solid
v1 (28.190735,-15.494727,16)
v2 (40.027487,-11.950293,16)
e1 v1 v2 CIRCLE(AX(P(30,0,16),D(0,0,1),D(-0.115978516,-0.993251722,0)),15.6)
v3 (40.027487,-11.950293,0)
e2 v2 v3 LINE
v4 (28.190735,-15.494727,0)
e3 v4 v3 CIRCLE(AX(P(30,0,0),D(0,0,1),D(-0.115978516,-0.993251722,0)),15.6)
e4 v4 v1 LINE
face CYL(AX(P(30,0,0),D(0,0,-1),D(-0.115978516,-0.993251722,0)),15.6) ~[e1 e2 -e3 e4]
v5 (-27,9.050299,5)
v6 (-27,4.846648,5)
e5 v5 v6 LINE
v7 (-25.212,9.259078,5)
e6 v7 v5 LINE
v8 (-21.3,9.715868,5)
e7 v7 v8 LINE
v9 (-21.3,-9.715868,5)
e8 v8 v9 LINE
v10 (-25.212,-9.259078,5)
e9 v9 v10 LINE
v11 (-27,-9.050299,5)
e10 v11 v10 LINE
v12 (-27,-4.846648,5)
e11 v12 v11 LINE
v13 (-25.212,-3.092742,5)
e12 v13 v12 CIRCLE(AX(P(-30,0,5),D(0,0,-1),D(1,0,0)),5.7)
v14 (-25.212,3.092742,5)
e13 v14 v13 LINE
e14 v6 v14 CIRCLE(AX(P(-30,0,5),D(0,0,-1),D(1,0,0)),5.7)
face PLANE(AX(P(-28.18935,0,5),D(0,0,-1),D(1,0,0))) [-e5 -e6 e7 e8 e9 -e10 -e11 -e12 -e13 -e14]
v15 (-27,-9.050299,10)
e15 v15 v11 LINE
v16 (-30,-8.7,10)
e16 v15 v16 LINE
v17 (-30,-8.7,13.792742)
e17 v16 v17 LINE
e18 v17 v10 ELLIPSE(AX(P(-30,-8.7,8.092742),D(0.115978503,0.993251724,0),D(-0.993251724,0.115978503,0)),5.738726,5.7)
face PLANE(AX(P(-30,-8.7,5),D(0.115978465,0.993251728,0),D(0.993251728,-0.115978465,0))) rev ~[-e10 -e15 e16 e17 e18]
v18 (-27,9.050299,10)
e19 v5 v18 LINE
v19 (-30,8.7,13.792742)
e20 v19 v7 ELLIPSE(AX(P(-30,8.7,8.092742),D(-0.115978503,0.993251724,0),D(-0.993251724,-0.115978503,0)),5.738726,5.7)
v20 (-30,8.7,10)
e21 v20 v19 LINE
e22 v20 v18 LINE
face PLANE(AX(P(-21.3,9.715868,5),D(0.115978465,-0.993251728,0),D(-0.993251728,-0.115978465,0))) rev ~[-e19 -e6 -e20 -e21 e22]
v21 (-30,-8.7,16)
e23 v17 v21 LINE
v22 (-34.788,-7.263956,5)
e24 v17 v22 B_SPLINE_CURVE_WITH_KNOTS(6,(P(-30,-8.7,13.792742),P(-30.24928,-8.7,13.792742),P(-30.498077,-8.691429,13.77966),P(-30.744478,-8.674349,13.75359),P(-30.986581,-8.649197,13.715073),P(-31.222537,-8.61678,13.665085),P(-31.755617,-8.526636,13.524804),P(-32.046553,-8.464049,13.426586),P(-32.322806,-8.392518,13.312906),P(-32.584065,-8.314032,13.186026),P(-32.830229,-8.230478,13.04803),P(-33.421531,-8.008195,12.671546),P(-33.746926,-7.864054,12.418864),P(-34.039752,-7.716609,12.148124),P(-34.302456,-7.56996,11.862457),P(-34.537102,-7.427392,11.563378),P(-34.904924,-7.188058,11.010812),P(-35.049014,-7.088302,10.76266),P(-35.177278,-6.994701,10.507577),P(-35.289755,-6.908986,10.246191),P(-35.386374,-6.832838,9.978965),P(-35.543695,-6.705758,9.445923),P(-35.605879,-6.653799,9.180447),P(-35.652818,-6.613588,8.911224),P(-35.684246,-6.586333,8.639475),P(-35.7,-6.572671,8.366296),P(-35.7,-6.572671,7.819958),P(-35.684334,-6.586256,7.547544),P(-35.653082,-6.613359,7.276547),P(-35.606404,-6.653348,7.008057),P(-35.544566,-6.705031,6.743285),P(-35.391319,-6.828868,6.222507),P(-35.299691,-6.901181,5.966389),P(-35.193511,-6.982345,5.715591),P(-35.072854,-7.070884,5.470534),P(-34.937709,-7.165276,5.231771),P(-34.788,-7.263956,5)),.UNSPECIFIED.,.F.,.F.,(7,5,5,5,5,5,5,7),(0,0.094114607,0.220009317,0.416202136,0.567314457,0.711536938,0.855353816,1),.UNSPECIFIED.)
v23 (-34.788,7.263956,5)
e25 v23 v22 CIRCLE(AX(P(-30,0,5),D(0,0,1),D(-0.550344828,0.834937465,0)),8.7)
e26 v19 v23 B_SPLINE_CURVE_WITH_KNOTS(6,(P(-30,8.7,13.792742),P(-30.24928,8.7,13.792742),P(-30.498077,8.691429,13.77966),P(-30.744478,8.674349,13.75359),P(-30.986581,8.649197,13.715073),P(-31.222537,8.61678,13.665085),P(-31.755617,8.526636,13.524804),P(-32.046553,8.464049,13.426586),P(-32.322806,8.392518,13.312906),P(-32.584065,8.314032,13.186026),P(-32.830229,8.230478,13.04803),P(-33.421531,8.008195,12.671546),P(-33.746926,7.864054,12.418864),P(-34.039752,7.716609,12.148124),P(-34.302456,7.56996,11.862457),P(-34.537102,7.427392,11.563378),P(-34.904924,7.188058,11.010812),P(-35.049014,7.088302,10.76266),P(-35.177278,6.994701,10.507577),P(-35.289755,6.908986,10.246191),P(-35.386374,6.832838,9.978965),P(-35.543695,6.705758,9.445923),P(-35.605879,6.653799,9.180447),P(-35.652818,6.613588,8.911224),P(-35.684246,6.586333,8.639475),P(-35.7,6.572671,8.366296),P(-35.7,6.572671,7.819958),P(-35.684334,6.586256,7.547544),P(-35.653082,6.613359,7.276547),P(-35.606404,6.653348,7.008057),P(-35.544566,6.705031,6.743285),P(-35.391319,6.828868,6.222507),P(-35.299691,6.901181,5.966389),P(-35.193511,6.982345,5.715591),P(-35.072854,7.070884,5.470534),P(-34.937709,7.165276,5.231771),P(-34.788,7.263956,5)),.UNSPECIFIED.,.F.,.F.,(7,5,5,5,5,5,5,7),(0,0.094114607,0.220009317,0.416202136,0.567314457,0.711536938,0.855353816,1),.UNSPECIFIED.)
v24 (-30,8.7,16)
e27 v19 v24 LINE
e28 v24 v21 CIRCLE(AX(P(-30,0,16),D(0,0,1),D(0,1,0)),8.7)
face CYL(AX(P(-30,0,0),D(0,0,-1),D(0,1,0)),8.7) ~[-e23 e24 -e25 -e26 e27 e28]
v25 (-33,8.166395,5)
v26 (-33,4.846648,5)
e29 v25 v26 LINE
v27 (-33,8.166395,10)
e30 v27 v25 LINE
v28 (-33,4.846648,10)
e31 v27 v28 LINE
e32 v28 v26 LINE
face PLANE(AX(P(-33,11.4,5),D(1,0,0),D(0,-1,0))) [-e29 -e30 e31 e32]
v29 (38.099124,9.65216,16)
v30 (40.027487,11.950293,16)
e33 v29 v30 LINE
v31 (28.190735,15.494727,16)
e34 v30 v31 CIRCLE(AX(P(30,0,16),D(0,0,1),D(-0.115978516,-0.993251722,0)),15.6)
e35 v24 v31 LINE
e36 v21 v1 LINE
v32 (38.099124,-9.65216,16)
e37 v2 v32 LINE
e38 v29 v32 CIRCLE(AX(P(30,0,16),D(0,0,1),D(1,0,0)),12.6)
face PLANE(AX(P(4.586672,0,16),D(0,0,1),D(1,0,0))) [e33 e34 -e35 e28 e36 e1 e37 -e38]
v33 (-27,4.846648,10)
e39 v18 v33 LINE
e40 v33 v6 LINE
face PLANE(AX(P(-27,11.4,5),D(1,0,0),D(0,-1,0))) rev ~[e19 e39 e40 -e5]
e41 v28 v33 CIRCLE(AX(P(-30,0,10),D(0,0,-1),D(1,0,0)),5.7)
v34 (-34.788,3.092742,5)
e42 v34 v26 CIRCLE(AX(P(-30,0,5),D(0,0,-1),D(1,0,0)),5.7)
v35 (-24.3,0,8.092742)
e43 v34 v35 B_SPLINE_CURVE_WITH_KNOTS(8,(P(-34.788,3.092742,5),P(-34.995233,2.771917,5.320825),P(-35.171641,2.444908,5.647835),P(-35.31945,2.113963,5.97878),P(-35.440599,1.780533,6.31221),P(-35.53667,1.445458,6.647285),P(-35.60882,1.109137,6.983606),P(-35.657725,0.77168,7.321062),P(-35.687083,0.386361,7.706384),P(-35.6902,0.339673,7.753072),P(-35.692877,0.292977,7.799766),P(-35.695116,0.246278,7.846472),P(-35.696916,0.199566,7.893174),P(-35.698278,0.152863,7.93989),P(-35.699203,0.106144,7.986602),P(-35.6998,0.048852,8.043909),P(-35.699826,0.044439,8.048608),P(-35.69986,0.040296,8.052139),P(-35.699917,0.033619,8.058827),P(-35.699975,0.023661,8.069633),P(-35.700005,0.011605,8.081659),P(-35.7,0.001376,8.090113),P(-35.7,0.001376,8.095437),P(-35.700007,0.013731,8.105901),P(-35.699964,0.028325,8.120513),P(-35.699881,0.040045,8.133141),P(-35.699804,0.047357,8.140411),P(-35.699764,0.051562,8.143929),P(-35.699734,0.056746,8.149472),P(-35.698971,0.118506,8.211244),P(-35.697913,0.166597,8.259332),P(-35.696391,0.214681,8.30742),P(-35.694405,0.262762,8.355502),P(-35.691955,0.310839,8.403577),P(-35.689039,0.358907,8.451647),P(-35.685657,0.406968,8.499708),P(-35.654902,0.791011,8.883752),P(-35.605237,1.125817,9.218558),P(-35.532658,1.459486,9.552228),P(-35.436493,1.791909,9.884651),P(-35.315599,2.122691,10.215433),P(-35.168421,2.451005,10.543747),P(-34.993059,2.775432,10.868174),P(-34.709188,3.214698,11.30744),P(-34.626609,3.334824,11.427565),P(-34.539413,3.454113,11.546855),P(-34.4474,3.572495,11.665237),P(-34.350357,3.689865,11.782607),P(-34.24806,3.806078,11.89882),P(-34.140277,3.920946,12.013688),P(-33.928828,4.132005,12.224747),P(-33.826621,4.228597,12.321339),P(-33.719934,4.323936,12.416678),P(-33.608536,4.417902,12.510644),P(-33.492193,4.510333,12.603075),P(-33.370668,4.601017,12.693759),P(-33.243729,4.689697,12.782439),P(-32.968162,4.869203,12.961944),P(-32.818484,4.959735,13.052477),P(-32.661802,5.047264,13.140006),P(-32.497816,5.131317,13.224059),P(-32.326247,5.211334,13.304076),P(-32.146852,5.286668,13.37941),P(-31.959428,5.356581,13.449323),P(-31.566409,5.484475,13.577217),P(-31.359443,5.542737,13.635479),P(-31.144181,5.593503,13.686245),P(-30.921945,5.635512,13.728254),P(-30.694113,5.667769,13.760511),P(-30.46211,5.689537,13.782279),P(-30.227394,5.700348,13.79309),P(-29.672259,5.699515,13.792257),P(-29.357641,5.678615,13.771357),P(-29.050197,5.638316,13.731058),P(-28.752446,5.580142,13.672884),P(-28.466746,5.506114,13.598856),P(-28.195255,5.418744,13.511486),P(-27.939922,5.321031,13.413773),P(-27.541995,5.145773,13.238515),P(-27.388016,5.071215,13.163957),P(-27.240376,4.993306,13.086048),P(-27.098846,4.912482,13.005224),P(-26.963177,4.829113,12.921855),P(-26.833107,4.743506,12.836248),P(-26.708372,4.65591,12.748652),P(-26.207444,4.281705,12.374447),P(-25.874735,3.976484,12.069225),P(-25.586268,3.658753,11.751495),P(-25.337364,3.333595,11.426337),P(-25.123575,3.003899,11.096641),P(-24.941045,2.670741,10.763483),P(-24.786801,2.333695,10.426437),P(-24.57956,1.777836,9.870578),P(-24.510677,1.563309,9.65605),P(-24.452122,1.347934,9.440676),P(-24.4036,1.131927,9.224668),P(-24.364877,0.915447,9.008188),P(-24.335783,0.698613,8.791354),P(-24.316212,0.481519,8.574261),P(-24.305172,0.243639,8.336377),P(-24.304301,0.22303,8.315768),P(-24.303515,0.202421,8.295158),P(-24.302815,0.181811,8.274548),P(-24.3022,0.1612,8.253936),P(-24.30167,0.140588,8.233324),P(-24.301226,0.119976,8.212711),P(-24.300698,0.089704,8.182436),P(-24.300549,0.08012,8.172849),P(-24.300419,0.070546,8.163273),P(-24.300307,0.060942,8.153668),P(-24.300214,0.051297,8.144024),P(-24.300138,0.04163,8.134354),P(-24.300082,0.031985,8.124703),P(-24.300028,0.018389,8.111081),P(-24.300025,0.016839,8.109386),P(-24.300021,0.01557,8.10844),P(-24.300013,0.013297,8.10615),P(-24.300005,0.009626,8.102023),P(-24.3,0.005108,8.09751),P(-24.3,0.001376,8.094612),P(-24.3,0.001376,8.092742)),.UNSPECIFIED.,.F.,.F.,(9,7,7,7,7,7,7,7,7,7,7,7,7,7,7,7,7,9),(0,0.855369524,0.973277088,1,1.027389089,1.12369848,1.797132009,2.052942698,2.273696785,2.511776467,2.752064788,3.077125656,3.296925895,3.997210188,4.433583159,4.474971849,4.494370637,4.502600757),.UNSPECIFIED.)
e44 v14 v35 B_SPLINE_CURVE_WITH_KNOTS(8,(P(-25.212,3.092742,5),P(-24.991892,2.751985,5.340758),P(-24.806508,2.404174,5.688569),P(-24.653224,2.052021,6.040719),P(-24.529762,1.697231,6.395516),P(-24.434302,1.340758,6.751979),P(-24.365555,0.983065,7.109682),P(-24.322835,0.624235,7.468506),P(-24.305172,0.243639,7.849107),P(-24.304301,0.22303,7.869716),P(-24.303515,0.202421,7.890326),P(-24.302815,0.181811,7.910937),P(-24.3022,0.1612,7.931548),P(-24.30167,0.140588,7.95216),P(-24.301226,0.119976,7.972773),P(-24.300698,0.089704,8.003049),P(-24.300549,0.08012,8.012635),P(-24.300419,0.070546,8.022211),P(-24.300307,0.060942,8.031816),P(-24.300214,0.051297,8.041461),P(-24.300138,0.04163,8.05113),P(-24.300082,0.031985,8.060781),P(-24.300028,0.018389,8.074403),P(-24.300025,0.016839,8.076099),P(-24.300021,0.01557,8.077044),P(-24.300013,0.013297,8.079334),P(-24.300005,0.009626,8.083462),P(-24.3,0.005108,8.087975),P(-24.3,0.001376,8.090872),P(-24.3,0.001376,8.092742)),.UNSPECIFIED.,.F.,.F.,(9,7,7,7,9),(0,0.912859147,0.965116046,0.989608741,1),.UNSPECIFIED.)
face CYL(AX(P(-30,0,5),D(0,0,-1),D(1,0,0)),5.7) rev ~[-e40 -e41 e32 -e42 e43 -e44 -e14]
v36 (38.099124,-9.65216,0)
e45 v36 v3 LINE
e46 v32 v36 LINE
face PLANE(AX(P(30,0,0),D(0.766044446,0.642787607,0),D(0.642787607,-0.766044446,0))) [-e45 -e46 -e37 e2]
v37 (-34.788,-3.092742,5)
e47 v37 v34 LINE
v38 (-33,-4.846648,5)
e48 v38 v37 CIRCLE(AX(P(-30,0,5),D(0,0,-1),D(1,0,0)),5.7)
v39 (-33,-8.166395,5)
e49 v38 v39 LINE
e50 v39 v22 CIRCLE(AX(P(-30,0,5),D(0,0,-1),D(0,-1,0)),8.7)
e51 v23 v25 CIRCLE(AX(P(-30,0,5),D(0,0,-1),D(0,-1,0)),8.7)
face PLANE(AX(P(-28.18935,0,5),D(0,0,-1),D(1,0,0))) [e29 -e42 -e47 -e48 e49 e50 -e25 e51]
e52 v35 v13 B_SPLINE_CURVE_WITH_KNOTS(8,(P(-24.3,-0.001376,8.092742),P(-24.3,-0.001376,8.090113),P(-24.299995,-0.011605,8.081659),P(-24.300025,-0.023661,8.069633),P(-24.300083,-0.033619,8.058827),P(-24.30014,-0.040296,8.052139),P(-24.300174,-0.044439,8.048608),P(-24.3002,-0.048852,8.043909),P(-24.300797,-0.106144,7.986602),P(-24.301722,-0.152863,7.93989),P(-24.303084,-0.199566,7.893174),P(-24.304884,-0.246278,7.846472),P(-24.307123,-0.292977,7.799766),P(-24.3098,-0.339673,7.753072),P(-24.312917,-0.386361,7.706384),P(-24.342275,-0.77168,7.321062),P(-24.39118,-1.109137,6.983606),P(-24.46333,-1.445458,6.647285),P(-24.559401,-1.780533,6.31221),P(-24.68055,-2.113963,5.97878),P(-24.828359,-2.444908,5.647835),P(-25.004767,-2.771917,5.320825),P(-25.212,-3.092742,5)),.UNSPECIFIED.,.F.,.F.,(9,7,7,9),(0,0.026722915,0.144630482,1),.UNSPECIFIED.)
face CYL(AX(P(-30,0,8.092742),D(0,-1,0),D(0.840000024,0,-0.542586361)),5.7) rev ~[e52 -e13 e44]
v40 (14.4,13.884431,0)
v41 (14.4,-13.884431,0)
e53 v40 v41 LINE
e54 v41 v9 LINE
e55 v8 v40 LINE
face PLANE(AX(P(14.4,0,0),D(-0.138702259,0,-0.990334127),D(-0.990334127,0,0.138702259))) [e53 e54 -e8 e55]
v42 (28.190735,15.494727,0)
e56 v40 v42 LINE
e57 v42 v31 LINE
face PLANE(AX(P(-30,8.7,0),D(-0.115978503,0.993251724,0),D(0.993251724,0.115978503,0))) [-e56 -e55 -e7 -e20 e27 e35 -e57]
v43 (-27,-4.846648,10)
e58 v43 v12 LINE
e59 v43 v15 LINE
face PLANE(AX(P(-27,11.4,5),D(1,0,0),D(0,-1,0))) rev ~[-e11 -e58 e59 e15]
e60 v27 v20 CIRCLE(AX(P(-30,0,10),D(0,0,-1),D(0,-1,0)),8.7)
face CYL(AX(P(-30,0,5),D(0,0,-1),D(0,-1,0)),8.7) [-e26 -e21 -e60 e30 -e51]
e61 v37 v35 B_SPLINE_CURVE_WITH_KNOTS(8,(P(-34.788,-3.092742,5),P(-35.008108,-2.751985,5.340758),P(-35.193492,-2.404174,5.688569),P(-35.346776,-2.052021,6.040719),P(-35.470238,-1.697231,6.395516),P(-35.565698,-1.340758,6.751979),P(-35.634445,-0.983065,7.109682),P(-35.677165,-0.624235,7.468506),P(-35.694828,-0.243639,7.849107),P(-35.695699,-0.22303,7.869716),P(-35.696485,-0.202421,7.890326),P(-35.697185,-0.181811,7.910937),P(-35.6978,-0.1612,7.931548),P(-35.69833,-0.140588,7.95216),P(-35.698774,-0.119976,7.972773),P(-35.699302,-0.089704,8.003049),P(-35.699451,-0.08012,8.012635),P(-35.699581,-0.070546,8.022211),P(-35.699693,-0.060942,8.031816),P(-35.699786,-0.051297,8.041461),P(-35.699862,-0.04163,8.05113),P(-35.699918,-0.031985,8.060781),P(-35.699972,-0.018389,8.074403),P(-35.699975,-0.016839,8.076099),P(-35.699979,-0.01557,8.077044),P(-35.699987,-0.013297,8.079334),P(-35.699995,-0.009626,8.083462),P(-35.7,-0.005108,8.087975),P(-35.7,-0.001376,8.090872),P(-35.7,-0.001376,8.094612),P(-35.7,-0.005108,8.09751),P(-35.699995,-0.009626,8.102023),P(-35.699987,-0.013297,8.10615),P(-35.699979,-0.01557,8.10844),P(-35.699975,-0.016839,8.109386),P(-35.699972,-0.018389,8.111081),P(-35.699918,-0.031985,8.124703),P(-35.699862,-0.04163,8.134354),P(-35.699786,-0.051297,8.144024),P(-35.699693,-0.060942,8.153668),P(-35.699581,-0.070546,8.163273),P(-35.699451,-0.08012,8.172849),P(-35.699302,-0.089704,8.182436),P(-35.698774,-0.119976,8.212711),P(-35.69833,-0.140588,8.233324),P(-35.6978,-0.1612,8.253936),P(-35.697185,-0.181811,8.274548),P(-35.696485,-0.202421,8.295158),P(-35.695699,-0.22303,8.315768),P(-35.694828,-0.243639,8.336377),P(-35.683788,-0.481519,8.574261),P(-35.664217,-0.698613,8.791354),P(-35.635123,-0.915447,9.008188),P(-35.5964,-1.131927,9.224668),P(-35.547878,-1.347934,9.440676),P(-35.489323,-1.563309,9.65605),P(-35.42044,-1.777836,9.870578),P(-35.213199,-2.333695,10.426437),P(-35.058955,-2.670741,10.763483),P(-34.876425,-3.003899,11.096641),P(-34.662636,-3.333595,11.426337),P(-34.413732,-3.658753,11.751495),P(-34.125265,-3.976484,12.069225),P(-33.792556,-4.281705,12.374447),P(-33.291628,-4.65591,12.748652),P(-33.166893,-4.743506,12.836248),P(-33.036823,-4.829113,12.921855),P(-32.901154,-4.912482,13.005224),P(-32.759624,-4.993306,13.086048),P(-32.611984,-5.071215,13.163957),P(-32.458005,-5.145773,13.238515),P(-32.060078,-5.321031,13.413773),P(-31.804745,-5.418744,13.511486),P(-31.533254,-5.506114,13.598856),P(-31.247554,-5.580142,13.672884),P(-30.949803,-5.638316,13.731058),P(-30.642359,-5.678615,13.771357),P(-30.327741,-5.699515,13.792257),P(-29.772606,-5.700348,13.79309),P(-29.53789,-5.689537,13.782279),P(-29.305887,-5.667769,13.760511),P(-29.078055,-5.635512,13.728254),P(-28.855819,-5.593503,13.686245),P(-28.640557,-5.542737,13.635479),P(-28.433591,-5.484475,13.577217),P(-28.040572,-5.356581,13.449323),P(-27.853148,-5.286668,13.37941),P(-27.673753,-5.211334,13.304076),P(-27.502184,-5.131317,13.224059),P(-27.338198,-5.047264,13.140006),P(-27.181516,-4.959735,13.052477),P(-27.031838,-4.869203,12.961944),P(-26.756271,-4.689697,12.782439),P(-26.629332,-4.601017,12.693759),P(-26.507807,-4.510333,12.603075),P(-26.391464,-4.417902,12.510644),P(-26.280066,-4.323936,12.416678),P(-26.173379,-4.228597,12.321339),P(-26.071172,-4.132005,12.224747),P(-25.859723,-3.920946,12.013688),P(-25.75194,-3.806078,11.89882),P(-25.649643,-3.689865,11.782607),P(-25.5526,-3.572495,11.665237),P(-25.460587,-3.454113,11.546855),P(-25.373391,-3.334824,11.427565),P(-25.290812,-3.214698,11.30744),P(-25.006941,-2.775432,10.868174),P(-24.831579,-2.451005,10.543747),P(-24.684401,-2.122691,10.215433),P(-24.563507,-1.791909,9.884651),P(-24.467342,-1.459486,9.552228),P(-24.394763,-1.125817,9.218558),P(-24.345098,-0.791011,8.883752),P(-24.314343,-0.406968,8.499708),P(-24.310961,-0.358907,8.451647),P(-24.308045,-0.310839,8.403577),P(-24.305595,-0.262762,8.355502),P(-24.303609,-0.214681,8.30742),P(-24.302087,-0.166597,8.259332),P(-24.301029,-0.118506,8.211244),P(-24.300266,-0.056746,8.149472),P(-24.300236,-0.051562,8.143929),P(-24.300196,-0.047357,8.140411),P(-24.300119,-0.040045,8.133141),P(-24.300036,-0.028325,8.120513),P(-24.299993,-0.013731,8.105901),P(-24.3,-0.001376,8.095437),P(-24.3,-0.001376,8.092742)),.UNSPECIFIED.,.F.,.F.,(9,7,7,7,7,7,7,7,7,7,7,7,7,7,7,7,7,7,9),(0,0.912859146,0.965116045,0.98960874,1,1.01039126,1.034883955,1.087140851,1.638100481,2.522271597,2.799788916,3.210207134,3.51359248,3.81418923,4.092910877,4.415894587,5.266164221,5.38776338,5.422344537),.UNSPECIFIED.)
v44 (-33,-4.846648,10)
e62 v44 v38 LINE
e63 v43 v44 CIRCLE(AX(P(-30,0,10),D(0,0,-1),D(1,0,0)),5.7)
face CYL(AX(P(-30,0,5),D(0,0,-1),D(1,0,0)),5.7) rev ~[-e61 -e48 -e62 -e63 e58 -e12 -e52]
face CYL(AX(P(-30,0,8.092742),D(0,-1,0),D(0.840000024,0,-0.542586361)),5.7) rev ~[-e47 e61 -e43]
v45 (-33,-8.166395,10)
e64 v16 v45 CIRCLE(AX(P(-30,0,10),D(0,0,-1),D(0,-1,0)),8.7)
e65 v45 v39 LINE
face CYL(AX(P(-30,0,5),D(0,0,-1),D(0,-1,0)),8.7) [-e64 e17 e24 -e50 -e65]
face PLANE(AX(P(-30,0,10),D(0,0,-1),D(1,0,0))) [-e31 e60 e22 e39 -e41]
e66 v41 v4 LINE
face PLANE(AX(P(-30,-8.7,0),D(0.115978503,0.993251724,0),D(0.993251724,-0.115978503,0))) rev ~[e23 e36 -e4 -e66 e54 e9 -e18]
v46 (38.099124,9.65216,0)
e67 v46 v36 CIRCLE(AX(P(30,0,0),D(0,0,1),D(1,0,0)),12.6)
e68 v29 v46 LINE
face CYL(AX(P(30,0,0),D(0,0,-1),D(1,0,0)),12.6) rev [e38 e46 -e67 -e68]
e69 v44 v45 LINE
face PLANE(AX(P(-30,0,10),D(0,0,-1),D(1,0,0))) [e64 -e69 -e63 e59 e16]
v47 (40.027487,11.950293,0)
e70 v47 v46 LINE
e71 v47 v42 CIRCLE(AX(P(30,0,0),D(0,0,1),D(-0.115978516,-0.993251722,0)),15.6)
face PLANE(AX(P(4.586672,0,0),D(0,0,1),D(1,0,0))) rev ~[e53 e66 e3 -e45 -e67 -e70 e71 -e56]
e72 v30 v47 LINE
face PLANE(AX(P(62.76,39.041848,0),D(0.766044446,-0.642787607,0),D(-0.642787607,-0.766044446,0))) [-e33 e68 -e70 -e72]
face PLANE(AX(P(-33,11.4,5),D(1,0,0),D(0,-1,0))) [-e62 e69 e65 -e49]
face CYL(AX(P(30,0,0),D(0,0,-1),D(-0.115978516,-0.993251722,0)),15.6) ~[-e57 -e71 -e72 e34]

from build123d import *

# Parameters (mm, degrees)
SKETCH_R          = 12.6
PAD_DEPTH         = 16
POCKET_DEPTH      = 20
POCKET_DEPTH_BACK = 20
POCKET001_DEPTH   = 16.001
SKETCH003_R       = 5.7
PAD001_DEPTH      = 11
SKETCH004_W       = 6
SKETCH004_H       = 22.8
POCKET002_DEPTH   = 5


with BuildPart() as part:
    # Sketch → Pad (new body)
    with BuildSketch(Plane.XY):
        with BuildLine():
            ThreePointArc((-30, 8.7), (-38.7, 0), (-30, -8.7))
            Line((-30, -8.7), (28.190735, -15.494727))
            ThreePointArc((28.190735, -15.494727), (45.6, 0), (28.190735, 15.494727))
            Line((-30, 8.7), (28.190735, 15.494727))
        make_face()
        with Locations((30, 0)):
            Circle(SKETCH_R, mode=Mode.SUBTRACT)
    extrude(amount=PAD_DEPTH)

    # Sketch001 → Pocket (cut, two sides)
    with BuildSketch(Plane.XZ) as pocket_sk:
        with BuildLine():
            Line((14.4, 0), (-21.3, 5))
            Line((-21.3, 5), (-25.212, 5))
            ThreePointArc((-25.212, 5), (-30, 13.792742), (-34.788, 5))
            Line((-34.788, 5), (-38.7, 5))
            Line((-38.7, 5), (-38.7, 0))
            Line((-38.7, 0), (14.4, 0))
        make_face()
    extrude(amount=-POCKET_DEPTH, mode=Mode.SUBTRACT)
    extrude(pocket_sk.sketch, amount=POCKET_DEPTH_BACK, mode=Mode.SUBTRACT)

    # Sketch002 (on Face9 of Pocket) → Pocket001 (cut, through all)
    with BuildSketch(Plane(origin=(0, 0, 0), x_dir=(1, 0, 0), z_dir=(0, 0, -1))):
        Polygon((30, 0), (62.76, 39.041848), (62.76, -39.041848), align=None)
    extrude(amount=-POCKET001_DEPTH, mode=Mode.SUBTRACT)

    # Sketch003 (on Face7 of Pocket) → Pad001 (join)
    with BuildSketch(Plane(origin=(0, 0, 5), x_dir=(1, 0, 0), z_dir=(0, 0, -1))):
        with BuildLine():
            ThreePointArc((-30, 8.7), (-38.7, 0), (-30, -8.7))
            Line((-21.3, -9.715868), (-30, -8.7))
            Line((-21.3, 9.715868), (-21.3, -9.715868))
            Line((-30, 8.7), (-21.3, 9.715868))
        make_face()
        with Locations((-30, 0)):
            Circle(SKETCH003_R, mode=Mode.SUBTRACT)
    extrude(amount=-PAD001_DEPTH)

    # Sketch004 (on Face9 of Pad001) → Pocket002 (cut)
    with BuildSketch(Plane(origin=(0, 0, 5), x_dir=(1, 0, 0), z_dir=(0, 0, -1))):
        with Locations((-30, 0)):
            Rectangle(SKETCH004_W, SKETCH004_H)
    extrude(amount=-POCKET002_DEPTH, mode=Mode.SUBTRACT)


solid = part.part
